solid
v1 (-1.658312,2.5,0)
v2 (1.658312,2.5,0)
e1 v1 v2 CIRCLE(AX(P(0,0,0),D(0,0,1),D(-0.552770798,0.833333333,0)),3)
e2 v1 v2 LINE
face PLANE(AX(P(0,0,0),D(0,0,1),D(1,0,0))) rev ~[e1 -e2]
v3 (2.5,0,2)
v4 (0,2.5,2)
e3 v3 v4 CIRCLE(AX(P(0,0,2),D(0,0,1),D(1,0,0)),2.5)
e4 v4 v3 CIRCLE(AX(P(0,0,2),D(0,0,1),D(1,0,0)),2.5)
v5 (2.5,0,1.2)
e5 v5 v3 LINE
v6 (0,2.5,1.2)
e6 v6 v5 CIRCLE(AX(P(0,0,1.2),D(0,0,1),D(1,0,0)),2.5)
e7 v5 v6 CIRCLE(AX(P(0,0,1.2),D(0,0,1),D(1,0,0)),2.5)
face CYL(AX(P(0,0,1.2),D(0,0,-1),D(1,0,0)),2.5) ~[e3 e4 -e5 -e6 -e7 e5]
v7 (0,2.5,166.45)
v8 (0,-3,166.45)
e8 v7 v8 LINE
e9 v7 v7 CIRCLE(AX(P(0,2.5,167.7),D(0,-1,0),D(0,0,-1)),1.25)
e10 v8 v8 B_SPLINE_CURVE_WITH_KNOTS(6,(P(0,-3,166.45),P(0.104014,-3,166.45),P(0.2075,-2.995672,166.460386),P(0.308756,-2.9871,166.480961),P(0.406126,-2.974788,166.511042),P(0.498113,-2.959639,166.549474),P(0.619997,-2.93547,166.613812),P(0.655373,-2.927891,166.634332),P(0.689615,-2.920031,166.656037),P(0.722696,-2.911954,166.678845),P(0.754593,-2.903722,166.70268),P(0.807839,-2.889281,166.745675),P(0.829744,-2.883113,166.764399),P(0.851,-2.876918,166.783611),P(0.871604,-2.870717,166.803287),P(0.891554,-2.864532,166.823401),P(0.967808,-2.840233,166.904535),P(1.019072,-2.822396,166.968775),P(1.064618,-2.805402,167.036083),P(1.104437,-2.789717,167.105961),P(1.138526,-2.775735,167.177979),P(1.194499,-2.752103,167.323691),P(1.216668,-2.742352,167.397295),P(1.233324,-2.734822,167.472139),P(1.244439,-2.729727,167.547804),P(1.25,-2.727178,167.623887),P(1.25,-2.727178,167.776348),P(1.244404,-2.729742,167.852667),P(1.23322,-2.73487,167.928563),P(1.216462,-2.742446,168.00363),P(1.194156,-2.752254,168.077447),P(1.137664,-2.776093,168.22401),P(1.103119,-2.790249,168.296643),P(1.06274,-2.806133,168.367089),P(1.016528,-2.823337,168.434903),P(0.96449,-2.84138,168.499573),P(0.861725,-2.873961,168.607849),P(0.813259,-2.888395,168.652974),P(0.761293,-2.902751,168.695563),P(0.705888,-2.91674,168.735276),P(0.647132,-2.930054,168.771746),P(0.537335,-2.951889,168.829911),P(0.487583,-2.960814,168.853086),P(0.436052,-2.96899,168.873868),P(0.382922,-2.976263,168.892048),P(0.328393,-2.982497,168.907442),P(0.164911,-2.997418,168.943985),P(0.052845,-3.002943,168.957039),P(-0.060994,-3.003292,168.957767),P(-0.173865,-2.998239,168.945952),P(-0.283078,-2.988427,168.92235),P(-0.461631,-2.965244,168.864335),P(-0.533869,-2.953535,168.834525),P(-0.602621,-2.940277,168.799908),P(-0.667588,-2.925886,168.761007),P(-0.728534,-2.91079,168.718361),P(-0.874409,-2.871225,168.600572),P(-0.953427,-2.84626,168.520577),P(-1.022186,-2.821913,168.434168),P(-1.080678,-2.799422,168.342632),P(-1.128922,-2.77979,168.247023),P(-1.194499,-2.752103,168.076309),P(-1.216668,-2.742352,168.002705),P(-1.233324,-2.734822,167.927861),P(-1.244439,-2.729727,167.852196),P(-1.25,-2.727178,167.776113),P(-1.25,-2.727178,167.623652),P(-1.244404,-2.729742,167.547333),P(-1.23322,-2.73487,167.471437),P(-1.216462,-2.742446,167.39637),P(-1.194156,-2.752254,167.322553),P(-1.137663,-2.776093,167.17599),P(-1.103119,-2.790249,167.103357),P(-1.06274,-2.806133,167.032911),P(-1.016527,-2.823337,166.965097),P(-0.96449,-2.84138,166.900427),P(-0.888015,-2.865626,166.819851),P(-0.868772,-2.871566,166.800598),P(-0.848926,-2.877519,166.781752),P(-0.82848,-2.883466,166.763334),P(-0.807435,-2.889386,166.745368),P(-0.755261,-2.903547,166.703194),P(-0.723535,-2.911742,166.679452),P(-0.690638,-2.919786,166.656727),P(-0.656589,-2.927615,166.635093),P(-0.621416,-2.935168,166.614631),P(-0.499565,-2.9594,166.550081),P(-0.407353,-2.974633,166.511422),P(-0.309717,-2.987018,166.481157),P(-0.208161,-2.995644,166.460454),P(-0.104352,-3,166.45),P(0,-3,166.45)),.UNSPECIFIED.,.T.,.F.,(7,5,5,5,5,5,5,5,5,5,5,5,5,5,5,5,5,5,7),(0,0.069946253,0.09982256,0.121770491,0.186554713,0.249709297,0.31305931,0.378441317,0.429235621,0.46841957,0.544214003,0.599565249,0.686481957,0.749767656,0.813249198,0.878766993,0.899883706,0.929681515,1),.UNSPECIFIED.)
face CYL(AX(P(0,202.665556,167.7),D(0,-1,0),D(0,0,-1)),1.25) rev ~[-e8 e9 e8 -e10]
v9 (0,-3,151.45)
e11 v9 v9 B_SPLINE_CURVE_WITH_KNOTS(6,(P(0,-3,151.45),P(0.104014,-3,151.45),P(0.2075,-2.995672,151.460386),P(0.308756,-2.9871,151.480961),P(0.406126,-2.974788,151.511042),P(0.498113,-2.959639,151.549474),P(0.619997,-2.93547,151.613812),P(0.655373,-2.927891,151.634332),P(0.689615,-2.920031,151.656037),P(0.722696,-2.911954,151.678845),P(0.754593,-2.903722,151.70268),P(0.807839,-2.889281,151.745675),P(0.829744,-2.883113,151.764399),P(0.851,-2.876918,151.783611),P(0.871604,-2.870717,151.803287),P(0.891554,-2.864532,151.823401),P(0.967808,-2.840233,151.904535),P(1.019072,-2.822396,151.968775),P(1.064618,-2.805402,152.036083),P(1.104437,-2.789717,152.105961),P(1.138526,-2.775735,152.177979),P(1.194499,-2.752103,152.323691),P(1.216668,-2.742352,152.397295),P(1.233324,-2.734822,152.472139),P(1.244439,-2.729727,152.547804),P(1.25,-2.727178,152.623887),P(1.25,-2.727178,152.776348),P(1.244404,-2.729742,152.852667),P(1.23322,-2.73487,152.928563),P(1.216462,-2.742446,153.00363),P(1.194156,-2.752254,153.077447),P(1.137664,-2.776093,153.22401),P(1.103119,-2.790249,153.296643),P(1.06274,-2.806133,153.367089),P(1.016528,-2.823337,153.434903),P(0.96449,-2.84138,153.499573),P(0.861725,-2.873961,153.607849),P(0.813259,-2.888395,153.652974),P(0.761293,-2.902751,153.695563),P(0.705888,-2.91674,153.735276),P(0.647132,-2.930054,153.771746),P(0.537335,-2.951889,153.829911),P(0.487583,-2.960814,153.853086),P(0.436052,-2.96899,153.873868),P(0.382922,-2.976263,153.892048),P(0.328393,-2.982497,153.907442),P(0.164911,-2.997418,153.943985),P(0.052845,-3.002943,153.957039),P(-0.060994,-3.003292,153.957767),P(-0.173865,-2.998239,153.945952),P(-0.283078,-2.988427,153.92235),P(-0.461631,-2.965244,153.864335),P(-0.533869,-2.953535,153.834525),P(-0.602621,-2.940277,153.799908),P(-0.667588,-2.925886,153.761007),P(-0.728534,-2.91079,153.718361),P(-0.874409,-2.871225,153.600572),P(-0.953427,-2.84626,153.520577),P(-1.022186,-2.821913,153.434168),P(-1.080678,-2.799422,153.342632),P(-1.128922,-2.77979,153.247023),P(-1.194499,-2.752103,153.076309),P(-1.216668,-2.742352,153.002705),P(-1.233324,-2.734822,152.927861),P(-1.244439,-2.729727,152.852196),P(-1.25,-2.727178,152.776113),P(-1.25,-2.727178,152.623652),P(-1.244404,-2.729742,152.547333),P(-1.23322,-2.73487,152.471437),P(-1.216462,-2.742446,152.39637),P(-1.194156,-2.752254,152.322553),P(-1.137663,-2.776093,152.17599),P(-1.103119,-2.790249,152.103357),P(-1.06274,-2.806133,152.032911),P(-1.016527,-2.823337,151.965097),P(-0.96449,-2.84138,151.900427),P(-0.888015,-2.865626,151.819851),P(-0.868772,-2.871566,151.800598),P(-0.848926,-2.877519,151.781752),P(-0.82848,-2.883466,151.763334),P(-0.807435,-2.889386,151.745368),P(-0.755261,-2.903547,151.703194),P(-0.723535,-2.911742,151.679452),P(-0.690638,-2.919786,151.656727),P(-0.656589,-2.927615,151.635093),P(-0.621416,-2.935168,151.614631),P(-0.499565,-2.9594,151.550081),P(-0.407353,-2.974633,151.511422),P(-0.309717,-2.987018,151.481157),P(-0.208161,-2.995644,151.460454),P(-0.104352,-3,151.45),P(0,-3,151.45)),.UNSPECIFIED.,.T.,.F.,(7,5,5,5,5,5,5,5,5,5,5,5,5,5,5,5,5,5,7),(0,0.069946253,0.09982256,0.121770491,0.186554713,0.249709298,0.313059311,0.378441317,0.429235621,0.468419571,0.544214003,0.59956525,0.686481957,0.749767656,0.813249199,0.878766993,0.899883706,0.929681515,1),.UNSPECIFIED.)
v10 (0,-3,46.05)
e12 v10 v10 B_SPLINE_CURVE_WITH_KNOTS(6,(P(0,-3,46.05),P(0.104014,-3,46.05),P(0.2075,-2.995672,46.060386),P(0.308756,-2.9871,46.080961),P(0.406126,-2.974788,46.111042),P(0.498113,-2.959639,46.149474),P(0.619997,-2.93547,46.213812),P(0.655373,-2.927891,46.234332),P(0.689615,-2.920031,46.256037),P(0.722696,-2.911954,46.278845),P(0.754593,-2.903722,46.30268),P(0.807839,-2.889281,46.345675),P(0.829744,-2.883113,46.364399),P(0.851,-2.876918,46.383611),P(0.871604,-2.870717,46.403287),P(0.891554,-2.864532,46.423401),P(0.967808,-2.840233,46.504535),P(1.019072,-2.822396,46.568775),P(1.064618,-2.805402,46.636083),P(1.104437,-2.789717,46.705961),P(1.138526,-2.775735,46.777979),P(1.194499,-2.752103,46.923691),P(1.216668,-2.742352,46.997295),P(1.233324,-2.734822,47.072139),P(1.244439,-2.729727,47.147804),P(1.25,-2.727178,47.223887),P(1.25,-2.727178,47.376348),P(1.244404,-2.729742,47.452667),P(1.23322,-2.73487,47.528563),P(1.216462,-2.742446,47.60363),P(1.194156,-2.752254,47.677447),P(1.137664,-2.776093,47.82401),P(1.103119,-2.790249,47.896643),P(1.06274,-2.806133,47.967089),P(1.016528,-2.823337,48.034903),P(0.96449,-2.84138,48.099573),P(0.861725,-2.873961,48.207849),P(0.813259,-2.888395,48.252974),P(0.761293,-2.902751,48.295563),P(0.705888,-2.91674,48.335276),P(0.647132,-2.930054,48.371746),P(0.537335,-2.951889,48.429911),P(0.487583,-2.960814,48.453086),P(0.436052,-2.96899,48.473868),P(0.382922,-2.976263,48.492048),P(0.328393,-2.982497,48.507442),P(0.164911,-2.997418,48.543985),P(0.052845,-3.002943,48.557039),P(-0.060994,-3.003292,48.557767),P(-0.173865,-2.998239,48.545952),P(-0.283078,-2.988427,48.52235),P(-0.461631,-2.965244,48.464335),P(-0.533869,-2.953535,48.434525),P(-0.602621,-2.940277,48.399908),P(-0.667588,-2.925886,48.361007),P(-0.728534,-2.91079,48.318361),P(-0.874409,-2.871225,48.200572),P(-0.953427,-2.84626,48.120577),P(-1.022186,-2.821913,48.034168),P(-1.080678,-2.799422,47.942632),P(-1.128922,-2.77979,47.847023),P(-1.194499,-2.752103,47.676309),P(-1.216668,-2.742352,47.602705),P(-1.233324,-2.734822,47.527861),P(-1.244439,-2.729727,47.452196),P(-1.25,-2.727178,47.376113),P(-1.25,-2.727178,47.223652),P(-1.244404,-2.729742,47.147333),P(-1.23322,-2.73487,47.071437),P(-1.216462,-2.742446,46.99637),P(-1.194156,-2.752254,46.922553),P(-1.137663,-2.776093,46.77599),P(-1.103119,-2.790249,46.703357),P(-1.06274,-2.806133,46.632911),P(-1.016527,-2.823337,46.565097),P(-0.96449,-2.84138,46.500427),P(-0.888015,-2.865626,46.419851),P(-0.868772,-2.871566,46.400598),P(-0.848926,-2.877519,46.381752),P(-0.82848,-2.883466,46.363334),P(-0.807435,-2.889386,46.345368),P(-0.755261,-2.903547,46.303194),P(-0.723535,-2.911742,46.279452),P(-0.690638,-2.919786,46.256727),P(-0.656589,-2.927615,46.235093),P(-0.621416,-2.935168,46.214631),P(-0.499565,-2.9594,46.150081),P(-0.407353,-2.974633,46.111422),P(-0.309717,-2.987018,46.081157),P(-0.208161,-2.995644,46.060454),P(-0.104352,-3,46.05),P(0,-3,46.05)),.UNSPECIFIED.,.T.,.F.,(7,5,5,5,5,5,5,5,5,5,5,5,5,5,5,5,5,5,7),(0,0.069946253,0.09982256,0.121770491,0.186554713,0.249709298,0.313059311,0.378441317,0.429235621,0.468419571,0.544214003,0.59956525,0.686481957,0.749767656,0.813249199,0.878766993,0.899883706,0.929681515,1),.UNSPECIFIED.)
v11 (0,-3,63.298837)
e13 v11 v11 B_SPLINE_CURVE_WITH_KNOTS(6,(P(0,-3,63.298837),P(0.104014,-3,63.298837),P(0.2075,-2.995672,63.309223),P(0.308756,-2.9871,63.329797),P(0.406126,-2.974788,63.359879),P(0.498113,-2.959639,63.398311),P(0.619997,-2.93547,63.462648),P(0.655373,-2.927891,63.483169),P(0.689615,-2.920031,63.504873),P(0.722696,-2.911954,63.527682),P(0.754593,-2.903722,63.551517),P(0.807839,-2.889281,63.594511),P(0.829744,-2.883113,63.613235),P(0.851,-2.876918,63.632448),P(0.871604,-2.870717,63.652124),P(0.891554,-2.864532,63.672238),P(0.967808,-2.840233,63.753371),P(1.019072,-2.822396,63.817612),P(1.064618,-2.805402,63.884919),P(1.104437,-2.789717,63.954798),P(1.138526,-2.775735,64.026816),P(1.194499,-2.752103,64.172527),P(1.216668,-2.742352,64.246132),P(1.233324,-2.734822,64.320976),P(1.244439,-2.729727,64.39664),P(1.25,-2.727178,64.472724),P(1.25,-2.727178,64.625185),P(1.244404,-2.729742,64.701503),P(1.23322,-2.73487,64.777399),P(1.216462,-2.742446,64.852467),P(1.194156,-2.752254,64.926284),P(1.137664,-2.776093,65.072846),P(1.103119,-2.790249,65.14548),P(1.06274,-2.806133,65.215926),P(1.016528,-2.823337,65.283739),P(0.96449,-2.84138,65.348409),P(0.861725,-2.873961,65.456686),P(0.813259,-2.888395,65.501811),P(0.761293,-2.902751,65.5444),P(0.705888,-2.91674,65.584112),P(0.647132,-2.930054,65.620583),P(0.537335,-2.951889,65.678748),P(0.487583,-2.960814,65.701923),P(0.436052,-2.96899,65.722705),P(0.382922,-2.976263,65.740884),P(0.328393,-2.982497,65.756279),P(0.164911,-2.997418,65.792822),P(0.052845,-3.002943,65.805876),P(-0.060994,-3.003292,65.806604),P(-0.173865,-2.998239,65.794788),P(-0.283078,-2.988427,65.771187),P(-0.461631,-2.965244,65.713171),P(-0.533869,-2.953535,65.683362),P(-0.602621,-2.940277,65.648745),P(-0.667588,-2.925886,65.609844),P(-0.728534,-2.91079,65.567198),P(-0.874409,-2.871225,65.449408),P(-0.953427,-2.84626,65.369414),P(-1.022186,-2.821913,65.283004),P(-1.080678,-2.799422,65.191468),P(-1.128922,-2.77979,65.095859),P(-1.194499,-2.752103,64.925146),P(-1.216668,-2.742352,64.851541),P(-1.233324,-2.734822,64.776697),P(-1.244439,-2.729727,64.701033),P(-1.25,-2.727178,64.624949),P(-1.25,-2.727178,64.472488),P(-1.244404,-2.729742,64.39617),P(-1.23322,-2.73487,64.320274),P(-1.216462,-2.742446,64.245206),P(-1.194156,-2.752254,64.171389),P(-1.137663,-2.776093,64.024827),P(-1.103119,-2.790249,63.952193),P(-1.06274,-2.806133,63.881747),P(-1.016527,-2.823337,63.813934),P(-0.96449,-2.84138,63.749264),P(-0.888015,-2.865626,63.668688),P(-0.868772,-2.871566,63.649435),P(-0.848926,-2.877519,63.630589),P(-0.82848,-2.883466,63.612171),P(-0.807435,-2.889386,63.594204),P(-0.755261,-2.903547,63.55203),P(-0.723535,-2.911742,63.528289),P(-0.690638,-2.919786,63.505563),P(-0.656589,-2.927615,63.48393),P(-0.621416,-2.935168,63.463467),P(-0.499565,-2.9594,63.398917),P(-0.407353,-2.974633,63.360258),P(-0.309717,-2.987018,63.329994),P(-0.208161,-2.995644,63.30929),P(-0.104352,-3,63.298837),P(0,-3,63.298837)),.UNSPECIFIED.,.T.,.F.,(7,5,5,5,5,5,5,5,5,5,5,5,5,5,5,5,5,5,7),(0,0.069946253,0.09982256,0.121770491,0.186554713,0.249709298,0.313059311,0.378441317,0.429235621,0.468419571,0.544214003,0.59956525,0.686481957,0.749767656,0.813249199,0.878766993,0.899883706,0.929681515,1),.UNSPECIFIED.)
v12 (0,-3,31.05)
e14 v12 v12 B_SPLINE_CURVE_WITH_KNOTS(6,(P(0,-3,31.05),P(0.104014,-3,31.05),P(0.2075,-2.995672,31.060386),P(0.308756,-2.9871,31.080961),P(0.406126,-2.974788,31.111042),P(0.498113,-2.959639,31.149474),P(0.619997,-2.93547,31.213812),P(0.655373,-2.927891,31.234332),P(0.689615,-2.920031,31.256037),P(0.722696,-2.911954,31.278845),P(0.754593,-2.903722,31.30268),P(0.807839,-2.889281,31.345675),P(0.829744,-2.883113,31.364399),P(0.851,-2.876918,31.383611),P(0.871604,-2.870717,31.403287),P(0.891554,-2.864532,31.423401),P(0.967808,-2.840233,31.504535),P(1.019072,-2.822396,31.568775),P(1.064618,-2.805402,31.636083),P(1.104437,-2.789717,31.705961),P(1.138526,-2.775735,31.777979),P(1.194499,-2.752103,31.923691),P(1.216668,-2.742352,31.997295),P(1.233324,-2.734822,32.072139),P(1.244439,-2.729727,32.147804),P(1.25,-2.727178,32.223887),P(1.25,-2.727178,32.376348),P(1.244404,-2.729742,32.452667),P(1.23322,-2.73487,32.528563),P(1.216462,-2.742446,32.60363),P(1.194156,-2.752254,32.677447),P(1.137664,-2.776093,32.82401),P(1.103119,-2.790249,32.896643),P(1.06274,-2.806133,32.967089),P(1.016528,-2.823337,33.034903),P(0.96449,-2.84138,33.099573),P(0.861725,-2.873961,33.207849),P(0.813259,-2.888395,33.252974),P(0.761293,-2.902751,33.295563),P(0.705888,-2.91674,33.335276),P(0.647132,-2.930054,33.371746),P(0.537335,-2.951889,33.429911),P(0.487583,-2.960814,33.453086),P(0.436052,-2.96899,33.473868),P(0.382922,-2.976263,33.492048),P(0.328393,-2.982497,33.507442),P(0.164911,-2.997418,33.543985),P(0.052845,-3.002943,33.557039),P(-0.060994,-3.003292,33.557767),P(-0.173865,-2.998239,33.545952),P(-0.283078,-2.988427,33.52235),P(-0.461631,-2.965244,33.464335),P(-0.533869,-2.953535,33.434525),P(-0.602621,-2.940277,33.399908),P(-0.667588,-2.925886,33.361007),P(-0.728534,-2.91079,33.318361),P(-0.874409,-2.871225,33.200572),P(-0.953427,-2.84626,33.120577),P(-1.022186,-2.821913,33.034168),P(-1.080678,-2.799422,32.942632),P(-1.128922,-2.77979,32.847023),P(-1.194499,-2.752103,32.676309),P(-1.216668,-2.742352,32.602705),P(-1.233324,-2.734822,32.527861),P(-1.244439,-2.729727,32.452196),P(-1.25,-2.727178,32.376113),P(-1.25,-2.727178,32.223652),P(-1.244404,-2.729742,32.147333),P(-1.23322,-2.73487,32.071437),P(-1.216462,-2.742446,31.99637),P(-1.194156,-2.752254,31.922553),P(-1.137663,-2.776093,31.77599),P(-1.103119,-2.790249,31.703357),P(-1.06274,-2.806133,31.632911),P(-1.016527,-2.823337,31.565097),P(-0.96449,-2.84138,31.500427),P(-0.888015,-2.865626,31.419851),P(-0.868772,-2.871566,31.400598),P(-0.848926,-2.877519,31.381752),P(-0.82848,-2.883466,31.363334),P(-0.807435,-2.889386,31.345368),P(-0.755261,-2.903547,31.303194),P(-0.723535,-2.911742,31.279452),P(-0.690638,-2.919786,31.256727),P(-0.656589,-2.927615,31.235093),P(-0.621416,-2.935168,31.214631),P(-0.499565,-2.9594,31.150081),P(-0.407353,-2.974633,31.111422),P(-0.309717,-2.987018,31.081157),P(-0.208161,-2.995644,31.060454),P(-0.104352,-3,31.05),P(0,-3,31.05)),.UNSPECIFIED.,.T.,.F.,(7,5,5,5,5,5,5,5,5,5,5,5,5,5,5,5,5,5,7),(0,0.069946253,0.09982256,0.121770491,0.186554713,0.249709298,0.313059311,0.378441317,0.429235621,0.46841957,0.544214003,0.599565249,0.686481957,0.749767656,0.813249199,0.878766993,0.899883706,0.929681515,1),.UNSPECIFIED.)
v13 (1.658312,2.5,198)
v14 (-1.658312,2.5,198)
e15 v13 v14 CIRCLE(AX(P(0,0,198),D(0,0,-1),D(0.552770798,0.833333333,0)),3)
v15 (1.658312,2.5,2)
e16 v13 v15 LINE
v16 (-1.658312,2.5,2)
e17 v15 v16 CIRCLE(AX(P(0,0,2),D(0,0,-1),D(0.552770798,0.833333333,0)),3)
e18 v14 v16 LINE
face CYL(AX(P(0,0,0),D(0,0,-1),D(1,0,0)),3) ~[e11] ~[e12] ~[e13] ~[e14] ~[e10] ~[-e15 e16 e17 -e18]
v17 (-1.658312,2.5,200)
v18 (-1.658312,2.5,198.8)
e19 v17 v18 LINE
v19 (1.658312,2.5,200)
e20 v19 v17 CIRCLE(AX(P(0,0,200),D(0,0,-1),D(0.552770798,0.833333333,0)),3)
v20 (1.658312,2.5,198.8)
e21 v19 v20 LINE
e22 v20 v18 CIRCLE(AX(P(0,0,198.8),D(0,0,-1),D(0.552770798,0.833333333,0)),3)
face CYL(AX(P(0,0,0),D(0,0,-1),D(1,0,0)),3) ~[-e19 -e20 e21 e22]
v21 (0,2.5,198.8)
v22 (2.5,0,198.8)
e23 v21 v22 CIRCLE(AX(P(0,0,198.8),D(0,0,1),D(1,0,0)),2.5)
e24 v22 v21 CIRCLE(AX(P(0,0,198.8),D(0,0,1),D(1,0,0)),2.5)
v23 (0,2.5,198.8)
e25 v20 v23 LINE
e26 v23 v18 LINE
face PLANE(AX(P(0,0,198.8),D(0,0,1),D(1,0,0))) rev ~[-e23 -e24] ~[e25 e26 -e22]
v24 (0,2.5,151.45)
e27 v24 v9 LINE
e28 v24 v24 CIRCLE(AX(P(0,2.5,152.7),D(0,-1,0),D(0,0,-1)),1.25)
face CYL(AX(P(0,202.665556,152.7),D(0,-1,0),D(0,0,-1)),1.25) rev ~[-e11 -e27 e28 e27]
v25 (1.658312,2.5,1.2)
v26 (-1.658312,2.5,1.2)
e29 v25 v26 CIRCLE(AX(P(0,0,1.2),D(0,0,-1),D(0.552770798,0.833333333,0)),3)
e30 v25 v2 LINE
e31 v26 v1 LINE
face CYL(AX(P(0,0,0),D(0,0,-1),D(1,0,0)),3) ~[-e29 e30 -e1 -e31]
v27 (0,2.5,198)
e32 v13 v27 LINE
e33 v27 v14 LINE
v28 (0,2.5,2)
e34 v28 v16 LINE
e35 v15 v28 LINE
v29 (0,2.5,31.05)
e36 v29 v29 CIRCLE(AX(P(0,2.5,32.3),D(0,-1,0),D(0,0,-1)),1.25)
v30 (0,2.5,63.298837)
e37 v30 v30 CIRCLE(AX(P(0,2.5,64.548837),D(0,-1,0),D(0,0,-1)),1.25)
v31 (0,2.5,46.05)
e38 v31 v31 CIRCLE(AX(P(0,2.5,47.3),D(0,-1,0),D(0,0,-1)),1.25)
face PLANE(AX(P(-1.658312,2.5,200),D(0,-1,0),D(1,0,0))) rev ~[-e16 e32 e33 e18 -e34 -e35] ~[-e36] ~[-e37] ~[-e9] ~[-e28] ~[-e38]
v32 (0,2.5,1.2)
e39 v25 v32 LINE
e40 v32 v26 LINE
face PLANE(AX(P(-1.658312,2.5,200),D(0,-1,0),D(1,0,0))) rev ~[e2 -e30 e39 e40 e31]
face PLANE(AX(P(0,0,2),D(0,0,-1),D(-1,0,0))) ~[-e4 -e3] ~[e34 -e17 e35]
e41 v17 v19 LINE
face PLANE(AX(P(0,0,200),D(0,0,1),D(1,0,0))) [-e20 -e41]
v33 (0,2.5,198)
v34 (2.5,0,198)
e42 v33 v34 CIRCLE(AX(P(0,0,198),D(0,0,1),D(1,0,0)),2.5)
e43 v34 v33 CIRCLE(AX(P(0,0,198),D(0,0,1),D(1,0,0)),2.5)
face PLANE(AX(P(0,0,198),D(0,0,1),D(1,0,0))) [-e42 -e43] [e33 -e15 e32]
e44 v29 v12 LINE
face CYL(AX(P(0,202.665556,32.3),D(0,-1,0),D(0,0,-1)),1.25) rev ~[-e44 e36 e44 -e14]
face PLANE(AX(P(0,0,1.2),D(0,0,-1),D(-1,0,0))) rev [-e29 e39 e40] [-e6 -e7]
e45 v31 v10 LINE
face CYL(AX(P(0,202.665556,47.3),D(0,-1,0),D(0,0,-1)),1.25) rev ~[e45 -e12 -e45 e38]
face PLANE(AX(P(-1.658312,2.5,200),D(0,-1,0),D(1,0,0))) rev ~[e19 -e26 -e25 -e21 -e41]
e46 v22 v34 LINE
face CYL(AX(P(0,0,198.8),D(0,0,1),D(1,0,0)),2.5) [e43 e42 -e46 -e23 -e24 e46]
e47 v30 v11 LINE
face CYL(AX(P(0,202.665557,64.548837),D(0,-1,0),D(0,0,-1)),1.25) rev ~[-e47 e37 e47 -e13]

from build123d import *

# Parameters (mm, degrees)
SKETCH1_R           = 3
BOSS_EXTRUDE1_DEPTH = 200
CUT_EXTRUDE1_DEPTH  = 201
M3_TAPPED_HOLE1_D   = 2.5
M3_TAPPED_HOLE2_D   = 2.5
CUT_EXTRUDE2_START  = -1.2
SKETCH9_R           = 3
SKETCH9_R_2         = 2.5
CUT_EXTRUDE2_DEPTH  = 0.8


with BuildPart() as part:
    # Sketch1 → Boss-Extrude1 (new body)
    with BuildSketch(Plane.XY):
        Circle(SKETCH1_R)
    extrude(amount=BOSS_EXTRUDE1_DEPTH)

    # Sketch2 → Cut-Extrude1 (cut, through all)
    with BuildSketch(Plane.XY.offset(200)):
        with BuildLine():
            Line((-1.658312395, 2.5), (1.658312395, 2.5))
            ThreePointArc((1.658312395, 2.5), (0, 3), (-1.658312395, 2.5))
        make_face()
    extrude(amount=-CUT_EXTRUDE1_DEPTH, mode=Mode.SUBTRACT)

    # M3 Tapped Hole1 (through all)
    with Locations(Plane(origin=(0, 2.5, 167.7), x_dir=(0, 0, 1), z_dir=(0, 1, 0))):
        with Locations((0, 0), (-15, 0), (-120.4, 0), (-135.4, 0)):
            Hole(M3_TAPPED_HOLE1_D / 2)

    # M3 Tapped Hole2 (through all)
    with Locations(Plane(origin=(0, 2.5, 64.548836503), x_dir=(0, 0, 1), z_dir=(0, 1, 0))):
        with Locations((0, 0)):
            Hole(M3_TAPPED_HOLE2_D / 2)

    # Sketch9 → Cut-Extrude2 (cut)
    with BuildSketch(Plane.XY.offset(200).offset(CUT_EXTRUDE2_START)):
        Circle(SKETCH9_R)
        Circle(SKETCH9_R_2, mode=Mode.SUBTRACT)
    cut_extrude2 = extrude(amount=-CUT_EXTRUDE2_DEPTH, mode=Mode.SUBTRACT)

    # Mirror1: Cut-Extrude2 across plane
    add(cut_extrude2.mirror(Plane.XY.offset(100)), mode=Mode.SUBTRACT)


solid = part.part
